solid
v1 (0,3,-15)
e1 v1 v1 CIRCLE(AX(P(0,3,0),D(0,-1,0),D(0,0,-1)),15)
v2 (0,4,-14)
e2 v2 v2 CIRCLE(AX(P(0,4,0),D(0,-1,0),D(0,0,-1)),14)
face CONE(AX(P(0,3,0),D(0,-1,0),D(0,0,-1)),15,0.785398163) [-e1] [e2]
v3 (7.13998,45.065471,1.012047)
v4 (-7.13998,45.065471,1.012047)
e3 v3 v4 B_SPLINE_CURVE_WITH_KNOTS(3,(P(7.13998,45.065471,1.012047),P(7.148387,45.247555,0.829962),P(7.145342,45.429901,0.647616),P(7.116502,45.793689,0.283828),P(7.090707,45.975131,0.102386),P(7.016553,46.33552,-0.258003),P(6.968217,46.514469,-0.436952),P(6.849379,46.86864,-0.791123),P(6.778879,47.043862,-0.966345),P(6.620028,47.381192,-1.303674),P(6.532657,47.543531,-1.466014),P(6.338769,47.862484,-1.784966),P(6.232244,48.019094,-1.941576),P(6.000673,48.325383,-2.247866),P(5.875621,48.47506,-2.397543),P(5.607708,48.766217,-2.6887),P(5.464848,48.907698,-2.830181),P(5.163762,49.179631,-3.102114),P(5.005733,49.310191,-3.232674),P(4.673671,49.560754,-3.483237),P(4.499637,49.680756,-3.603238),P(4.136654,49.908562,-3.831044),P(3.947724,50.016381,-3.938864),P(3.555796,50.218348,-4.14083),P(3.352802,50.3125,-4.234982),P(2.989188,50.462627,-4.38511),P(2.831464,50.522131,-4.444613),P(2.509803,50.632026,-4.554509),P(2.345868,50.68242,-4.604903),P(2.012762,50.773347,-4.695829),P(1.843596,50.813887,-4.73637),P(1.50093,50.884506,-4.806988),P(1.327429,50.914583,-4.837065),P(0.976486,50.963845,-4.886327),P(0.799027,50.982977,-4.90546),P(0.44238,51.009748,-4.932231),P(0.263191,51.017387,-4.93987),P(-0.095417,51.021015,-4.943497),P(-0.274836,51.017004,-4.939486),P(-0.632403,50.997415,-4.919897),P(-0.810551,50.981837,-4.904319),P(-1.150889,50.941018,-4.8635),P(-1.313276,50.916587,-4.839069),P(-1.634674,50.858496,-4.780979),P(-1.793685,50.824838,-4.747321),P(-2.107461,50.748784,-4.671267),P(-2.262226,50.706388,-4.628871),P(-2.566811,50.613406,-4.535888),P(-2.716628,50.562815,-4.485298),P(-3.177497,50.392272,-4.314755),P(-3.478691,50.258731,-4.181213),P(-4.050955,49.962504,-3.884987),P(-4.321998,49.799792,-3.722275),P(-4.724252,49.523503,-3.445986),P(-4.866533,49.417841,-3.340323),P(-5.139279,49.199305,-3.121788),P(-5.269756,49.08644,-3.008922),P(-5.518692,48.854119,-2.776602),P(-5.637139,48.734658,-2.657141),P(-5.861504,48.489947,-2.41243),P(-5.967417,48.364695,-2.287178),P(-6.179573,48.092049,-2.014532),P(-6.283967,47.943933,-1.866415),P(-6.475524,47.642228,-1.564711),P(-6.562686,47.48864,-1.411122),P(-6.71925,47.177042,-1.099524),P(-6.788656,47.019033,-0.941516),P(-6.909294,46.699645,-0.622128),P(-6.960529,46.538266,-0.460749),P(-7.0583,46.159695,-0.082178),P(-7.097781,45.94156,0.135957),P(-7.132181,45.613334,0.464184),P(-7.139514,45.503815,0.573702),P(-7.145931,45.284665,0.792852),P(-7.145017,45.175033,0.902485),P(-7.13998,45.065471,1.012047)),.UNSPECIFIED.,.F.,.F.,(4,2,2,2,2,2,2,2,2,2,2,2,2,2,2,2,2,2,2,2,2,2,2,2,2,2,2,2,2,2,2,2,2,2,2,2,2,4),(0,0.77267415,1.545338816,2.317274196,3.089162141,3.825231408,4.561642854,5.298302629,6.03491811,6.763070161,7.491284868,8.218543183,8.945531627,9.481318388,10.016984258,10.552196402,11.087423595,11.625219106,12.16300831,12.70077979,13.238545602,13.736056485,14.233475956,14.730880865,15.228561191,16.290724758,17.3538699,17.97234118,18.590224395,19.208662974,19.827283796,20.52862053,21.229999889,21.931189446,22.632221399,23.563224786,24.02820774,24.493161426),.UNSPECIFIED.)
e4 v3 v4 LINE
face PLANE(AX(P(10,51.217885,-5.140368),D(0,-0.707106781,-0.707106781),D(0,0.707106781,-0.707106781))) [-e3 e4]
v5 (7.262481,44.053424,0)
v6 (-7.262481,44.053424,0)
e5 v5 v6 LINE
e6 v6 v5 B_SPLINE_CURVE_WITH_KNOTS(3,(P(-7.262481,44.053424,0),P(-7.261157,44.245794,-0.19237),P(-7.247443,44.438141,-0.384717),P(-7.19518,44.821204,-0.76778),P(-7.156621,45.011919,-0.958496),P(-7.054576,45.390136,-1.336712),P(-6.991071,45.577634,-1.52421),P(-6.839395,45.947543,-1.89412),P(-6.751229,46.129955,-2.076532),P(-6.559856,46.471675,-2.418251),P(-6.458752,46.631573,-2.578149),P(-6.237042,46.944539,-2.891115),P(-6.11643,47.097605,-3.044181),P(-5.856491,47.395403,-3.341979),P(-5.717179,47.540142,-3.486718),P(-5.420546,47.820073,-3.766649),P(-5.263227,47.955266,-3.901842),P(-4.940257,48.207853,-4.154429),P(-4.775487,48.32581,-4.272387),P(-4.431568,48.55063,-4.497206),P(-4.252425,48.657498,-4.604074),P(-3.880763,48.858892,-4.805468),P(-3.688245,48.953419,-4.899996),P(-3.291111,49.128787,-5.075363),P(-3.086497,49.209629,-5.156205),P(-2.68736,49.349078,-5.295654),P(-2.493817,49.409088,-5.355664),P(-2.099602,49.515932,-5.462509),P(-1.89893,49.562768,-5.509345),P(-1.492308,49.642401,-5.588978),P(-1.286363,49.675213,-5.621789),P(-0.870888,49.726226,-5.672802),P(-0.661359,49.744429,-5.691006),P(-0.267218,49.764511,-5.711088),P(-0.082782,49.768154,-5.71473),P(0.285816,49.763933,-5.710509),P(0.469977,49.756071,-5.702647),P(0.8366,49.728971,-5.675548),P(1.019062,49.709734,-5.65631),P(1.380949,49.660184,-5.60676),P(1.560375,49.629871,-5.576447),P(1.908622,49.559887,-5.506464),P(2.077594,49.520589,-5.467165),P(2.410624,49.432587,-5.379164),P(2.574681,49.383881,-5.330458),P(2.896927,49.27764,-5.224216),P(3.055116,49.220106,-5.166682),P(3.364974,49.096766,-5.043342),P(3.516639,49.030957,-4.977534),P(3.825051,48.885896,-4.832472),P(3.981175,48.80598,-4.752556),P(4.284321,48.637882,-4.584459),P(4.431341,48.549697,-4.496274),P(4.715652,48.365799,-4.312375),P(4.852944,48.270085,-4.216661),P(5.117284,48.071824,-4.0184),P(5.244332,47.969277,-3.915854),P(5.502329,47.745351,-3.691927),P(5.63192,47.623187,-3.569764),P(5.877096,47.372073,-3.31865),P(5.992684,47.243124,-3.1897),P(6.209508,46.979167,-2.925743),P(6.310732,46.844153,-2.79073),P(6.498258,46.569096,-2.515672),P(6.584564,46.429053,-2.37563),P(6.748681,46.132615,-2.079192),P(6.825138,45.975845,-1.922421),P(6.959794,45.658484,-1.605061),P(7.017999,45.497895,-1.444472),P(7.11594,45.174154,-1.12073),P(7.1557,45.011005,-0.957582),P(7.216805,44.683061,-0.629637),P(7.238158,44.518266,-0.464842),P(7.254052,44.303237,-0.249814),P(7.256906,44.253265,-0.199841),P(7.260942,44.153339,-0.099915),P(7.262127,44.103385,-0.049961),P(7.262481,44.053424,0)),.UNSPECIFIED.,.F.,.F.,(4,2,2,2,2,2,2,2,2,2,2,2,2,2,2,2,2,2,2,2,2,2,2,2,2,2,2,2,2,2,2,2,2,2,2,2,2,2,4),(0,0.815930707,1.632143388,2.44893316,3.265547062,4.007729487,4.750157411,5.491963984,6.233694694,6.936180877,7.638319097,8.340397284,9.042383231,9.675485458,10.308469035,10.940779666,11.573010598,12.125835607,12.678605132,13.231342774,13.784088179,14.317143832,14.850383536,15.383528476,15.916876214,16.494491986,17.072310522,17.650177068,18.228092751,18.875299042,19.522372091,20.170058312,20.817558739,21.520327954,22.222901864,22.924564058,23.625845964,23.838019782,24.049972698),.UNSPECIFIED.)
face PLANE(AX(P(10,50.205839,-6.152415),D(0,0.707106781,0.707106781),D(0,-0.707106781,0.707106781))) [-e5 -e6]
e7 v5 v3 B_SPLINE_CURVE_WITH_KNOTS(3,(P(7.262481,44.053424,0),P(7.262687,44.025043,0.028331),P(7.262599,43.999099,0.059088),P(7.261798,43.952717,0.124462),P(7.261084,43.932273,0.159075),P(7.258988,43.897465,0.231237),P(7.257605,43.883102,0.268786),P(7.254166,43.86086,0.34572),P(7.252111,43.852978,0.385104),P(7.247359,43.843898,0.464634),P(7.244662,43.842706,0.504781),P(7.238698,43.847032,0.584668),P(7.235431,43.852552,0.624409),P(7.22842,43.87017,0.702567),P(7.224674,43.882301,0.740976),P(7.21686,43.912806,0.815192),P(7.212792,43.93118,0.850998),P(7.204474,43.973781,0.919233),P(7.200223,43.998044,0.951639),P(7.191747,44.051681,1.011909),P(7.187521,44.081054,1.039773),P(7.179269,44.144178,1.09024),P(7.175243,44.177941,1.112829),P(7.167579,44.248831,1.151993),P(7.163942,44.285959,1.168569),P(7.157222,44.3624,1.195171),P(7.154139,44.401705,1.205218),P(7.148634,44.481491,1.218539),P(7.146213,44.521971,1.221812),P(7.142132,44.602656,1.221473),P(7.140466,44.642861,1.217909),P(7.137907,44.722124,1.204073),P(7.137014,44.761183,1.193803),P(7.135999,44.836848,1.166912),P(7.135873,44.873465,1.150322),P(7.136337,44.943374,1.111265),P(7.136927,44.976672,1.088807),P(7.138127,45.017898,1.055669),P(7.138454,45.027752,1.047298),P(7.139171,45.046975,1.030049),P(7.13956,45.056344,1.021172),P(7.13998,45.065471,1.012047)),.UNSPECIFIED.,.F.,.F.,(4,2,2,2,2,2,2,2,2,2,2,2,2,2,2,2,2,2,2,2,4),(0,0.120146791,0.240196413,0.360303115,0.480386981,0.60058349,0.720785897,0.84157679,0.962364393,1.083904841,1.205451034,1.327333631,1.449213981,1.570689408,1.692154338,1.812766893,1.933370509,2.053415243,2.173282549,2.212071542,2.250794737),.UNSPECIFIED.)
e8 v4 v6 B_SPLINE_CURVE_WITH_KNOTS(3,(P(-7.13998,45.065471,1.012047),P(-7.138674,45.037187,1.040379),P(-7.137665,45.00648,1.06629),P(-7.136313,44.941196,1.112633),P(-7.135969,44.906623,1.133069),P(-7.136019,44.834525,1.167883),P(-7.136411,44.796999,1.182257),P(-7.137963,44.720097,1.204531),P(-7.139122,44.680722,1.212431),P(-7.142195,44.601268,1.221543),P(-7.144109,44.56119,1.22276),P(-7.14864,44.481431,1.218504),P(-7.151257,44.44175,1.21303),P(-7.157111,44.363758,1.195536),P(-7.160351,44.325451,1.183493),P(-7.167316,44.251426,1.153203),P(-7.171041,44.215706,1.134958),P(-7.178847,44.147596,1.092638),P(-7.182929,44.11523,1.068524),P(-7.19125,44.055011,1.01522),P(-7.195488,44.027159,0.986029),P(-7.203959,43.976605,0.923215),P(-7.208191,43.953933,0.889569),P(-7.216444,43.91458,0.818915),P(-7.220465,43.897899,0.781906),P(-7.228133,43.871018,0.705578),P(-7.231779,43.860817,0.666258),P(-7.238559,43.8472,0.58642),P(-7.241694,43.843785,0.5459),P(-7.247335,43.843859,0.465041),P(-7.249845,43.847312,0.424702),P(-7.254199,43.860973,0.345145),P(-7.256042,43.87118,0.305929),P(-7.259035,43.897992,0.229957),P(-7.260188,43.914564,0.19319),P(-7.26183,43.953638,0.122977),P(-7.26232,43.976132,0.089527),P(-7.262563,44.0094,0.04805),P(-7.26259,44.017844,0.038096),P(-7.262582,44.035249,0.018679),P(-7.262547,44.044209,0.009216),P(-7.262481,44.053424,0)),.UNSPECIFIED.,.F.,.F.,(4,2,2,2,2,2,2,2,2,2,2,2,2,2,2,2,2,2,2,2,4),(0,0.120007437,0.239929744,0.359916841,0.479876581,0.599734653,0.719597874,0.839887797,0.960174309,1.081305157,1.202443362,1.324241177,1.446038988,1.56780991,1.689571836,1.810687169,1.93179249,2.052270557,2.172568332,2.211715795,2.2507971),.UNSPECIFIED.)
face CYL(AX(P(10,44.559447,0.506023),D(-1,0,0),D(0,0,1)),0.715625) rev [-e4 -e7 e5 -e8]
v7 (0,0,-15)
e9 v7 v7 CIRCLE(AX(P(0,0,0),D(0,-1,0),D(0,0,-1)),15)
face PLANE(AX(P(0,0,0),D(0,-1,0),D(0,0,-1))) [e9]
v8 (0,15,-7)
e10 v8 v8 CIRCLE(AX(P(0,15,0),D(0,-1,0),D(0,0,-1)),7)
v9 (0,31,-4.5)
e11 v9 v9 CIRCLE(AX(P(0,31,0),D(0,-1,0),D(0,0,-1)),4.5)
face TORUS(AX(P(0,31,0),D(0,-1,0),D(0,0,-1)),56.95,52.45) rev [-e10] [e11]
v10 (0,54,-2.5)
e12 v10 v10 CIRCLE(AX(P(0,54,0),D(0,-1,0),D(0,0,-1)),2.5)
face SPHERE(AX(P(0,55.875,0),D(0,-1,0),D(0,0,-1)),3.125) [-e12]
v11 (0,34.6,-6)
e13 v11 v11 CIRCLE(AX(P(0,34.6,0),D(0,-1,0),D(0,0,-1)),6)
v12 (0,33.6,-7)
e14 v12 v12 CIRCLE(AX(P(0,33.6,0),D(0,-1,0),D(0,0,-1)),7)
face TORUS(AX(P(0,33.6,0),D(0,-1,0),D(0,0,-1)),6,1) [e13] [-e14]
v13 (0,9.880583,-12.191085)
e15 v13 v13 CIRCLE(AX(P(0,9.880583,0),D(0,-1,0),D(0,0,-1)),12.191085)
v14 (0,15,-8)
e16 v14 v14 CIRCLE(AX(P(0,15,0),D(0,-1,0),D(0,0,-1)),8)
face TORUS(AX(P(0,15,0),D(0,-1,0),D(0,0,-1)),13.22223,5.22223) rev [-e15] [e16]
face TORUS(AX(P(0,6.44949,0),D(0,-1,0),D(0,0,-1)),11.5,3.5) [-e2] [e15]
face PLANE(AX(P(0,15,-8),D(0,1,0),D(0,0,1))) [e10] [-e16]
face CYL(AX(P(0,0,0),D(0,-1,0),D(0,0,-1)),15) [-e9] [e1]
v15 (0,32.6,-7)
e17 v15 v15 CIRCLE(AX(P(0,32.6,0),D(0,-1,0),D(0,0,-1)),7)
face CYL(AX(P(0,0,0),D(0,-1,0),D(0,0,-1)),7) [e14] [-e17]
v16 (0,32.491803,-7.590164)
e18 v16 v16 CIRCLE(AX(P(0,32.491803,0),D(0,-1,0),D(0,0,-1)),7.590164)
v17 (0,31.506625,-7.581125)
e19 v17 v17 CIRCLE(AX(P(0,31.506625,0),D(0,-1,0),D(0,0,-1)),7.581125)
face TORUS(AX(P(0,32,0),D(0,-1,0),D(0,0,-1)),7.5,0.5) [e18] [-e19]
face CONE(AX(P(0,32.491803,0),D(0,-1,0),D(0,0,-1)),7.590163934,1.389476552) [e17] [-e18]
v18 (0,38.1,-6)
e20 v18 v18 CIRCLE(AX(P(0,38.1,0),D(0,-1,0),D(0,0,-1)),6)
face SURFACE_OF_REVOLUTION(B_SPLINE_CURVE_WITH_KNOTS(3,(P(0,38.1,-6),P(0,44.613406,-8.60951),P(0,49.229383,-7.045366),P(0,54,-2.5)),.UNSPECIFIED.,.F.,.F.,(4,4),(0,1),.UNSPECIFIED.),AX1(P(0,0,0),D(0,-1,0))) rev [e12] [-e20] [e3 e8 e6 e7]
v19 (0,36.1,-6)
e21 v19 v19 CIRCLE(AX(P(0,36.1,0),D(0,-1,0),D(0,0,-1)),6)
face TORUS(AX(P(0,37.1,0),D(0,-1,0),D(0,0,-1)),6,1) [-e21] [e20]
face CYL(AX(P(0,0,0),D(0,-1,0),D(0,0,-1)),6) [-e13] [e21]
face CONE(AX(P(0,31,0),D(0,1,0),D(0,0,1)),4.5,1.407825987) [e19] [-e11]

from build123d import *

# Parameters (mm, degrees)
CUT_EXTRUDE1_DEPTH      = 10
CUT_EXTRUDE1_DEPTH_BACK = 10


with BuildPart() as part:
    # Sketch1 → Revolve1 (revolve)
    with BuildSketch(Plane(origin=(0, 0, 0), x_dir=(0, 0, -1), z_dir=(1, 0, 0))):
        with BuildLine():
            Line((0, 0), (0, 59))
            ThreePointArc((0, 59), (2.795084972, 57.272542486), (2.5, 54))
            add(Edge.make_bspline(
                [(2.5, 54), (7.045365916, 49.229383097), (8.609509614, 44.613405666), (6, 38.1)],
                knots=[0, 0, 0, 0, 1, 1, 1, 1], degree=3))
            ThreePointArc((6, 38.1), (7, 37.1), (6, 36.1))
            Line((6, 36.1), (6, 34.6))
            ThreePointArc((6, 34.6), (6.707106781, 34.307106781), (7, 33.6))
            Line((7, 33.6), (7, 32.6))
            Line((7, 32.6), (7.590163934, 32.491803279))
            ThreePointArc((7.590163934, 32.491803279), (7.999978956, 31.995412706), (7.58112495, 31.50662515))
            Line((7.58112495, 31.50662515), (4.5, 31))
            ThreePointArc((4.5, 31), (5.12876883, 22.90293263), (7, 15))
            Line((7, 15), (8, 15))
            ThreePointArc((8, 15), (9.181403324, 11.691917943), (12.191085437, 9.880582997))
            ThreePointArc((12.191085437, 9.880582997), (14.845305765, 7.478532666), (14, 4))
            Line((14, 4), (15, 3))
            Line((15, 3), (15, 0))
            Line((15, 0), (0, 0))
        make_face()
    revolve(axis=Axis((0, 0, 0), (0, 1, 0)))

    # Sketch2 → Cut-Extrude1 (cut, two sides: drawn at the far end of the back side and taken through both)
    with BuildSketch(Plane(origin=(0, 0, 0), x_dir=(0, 0, -1), z_dir=(1, 0, 0)).offset(-CUT_EXTRUDE1_DEPTH_BACK)):
        with BuildLine():
            Line((5.140367971, 51.217885421), (-1.012046912, 45.065470538))
            ThreePointArc((-1.012046912, 45.065470538), (-1.012046912, 44.053423626), (0, 44.053423626))
            Line((0, 44.053423626), (6.152414883, 50.205838509))
            Line((6.152414883, 50.205838509), (5.140367971, 51.217885421))
        make_face()
    extrude(amount=CUT_EXTRUDE1_DEPTH + CUT_EXTRUDE1_DEPTH_BACK, mode=Mode.SUBTRACT)


solid = part.part
